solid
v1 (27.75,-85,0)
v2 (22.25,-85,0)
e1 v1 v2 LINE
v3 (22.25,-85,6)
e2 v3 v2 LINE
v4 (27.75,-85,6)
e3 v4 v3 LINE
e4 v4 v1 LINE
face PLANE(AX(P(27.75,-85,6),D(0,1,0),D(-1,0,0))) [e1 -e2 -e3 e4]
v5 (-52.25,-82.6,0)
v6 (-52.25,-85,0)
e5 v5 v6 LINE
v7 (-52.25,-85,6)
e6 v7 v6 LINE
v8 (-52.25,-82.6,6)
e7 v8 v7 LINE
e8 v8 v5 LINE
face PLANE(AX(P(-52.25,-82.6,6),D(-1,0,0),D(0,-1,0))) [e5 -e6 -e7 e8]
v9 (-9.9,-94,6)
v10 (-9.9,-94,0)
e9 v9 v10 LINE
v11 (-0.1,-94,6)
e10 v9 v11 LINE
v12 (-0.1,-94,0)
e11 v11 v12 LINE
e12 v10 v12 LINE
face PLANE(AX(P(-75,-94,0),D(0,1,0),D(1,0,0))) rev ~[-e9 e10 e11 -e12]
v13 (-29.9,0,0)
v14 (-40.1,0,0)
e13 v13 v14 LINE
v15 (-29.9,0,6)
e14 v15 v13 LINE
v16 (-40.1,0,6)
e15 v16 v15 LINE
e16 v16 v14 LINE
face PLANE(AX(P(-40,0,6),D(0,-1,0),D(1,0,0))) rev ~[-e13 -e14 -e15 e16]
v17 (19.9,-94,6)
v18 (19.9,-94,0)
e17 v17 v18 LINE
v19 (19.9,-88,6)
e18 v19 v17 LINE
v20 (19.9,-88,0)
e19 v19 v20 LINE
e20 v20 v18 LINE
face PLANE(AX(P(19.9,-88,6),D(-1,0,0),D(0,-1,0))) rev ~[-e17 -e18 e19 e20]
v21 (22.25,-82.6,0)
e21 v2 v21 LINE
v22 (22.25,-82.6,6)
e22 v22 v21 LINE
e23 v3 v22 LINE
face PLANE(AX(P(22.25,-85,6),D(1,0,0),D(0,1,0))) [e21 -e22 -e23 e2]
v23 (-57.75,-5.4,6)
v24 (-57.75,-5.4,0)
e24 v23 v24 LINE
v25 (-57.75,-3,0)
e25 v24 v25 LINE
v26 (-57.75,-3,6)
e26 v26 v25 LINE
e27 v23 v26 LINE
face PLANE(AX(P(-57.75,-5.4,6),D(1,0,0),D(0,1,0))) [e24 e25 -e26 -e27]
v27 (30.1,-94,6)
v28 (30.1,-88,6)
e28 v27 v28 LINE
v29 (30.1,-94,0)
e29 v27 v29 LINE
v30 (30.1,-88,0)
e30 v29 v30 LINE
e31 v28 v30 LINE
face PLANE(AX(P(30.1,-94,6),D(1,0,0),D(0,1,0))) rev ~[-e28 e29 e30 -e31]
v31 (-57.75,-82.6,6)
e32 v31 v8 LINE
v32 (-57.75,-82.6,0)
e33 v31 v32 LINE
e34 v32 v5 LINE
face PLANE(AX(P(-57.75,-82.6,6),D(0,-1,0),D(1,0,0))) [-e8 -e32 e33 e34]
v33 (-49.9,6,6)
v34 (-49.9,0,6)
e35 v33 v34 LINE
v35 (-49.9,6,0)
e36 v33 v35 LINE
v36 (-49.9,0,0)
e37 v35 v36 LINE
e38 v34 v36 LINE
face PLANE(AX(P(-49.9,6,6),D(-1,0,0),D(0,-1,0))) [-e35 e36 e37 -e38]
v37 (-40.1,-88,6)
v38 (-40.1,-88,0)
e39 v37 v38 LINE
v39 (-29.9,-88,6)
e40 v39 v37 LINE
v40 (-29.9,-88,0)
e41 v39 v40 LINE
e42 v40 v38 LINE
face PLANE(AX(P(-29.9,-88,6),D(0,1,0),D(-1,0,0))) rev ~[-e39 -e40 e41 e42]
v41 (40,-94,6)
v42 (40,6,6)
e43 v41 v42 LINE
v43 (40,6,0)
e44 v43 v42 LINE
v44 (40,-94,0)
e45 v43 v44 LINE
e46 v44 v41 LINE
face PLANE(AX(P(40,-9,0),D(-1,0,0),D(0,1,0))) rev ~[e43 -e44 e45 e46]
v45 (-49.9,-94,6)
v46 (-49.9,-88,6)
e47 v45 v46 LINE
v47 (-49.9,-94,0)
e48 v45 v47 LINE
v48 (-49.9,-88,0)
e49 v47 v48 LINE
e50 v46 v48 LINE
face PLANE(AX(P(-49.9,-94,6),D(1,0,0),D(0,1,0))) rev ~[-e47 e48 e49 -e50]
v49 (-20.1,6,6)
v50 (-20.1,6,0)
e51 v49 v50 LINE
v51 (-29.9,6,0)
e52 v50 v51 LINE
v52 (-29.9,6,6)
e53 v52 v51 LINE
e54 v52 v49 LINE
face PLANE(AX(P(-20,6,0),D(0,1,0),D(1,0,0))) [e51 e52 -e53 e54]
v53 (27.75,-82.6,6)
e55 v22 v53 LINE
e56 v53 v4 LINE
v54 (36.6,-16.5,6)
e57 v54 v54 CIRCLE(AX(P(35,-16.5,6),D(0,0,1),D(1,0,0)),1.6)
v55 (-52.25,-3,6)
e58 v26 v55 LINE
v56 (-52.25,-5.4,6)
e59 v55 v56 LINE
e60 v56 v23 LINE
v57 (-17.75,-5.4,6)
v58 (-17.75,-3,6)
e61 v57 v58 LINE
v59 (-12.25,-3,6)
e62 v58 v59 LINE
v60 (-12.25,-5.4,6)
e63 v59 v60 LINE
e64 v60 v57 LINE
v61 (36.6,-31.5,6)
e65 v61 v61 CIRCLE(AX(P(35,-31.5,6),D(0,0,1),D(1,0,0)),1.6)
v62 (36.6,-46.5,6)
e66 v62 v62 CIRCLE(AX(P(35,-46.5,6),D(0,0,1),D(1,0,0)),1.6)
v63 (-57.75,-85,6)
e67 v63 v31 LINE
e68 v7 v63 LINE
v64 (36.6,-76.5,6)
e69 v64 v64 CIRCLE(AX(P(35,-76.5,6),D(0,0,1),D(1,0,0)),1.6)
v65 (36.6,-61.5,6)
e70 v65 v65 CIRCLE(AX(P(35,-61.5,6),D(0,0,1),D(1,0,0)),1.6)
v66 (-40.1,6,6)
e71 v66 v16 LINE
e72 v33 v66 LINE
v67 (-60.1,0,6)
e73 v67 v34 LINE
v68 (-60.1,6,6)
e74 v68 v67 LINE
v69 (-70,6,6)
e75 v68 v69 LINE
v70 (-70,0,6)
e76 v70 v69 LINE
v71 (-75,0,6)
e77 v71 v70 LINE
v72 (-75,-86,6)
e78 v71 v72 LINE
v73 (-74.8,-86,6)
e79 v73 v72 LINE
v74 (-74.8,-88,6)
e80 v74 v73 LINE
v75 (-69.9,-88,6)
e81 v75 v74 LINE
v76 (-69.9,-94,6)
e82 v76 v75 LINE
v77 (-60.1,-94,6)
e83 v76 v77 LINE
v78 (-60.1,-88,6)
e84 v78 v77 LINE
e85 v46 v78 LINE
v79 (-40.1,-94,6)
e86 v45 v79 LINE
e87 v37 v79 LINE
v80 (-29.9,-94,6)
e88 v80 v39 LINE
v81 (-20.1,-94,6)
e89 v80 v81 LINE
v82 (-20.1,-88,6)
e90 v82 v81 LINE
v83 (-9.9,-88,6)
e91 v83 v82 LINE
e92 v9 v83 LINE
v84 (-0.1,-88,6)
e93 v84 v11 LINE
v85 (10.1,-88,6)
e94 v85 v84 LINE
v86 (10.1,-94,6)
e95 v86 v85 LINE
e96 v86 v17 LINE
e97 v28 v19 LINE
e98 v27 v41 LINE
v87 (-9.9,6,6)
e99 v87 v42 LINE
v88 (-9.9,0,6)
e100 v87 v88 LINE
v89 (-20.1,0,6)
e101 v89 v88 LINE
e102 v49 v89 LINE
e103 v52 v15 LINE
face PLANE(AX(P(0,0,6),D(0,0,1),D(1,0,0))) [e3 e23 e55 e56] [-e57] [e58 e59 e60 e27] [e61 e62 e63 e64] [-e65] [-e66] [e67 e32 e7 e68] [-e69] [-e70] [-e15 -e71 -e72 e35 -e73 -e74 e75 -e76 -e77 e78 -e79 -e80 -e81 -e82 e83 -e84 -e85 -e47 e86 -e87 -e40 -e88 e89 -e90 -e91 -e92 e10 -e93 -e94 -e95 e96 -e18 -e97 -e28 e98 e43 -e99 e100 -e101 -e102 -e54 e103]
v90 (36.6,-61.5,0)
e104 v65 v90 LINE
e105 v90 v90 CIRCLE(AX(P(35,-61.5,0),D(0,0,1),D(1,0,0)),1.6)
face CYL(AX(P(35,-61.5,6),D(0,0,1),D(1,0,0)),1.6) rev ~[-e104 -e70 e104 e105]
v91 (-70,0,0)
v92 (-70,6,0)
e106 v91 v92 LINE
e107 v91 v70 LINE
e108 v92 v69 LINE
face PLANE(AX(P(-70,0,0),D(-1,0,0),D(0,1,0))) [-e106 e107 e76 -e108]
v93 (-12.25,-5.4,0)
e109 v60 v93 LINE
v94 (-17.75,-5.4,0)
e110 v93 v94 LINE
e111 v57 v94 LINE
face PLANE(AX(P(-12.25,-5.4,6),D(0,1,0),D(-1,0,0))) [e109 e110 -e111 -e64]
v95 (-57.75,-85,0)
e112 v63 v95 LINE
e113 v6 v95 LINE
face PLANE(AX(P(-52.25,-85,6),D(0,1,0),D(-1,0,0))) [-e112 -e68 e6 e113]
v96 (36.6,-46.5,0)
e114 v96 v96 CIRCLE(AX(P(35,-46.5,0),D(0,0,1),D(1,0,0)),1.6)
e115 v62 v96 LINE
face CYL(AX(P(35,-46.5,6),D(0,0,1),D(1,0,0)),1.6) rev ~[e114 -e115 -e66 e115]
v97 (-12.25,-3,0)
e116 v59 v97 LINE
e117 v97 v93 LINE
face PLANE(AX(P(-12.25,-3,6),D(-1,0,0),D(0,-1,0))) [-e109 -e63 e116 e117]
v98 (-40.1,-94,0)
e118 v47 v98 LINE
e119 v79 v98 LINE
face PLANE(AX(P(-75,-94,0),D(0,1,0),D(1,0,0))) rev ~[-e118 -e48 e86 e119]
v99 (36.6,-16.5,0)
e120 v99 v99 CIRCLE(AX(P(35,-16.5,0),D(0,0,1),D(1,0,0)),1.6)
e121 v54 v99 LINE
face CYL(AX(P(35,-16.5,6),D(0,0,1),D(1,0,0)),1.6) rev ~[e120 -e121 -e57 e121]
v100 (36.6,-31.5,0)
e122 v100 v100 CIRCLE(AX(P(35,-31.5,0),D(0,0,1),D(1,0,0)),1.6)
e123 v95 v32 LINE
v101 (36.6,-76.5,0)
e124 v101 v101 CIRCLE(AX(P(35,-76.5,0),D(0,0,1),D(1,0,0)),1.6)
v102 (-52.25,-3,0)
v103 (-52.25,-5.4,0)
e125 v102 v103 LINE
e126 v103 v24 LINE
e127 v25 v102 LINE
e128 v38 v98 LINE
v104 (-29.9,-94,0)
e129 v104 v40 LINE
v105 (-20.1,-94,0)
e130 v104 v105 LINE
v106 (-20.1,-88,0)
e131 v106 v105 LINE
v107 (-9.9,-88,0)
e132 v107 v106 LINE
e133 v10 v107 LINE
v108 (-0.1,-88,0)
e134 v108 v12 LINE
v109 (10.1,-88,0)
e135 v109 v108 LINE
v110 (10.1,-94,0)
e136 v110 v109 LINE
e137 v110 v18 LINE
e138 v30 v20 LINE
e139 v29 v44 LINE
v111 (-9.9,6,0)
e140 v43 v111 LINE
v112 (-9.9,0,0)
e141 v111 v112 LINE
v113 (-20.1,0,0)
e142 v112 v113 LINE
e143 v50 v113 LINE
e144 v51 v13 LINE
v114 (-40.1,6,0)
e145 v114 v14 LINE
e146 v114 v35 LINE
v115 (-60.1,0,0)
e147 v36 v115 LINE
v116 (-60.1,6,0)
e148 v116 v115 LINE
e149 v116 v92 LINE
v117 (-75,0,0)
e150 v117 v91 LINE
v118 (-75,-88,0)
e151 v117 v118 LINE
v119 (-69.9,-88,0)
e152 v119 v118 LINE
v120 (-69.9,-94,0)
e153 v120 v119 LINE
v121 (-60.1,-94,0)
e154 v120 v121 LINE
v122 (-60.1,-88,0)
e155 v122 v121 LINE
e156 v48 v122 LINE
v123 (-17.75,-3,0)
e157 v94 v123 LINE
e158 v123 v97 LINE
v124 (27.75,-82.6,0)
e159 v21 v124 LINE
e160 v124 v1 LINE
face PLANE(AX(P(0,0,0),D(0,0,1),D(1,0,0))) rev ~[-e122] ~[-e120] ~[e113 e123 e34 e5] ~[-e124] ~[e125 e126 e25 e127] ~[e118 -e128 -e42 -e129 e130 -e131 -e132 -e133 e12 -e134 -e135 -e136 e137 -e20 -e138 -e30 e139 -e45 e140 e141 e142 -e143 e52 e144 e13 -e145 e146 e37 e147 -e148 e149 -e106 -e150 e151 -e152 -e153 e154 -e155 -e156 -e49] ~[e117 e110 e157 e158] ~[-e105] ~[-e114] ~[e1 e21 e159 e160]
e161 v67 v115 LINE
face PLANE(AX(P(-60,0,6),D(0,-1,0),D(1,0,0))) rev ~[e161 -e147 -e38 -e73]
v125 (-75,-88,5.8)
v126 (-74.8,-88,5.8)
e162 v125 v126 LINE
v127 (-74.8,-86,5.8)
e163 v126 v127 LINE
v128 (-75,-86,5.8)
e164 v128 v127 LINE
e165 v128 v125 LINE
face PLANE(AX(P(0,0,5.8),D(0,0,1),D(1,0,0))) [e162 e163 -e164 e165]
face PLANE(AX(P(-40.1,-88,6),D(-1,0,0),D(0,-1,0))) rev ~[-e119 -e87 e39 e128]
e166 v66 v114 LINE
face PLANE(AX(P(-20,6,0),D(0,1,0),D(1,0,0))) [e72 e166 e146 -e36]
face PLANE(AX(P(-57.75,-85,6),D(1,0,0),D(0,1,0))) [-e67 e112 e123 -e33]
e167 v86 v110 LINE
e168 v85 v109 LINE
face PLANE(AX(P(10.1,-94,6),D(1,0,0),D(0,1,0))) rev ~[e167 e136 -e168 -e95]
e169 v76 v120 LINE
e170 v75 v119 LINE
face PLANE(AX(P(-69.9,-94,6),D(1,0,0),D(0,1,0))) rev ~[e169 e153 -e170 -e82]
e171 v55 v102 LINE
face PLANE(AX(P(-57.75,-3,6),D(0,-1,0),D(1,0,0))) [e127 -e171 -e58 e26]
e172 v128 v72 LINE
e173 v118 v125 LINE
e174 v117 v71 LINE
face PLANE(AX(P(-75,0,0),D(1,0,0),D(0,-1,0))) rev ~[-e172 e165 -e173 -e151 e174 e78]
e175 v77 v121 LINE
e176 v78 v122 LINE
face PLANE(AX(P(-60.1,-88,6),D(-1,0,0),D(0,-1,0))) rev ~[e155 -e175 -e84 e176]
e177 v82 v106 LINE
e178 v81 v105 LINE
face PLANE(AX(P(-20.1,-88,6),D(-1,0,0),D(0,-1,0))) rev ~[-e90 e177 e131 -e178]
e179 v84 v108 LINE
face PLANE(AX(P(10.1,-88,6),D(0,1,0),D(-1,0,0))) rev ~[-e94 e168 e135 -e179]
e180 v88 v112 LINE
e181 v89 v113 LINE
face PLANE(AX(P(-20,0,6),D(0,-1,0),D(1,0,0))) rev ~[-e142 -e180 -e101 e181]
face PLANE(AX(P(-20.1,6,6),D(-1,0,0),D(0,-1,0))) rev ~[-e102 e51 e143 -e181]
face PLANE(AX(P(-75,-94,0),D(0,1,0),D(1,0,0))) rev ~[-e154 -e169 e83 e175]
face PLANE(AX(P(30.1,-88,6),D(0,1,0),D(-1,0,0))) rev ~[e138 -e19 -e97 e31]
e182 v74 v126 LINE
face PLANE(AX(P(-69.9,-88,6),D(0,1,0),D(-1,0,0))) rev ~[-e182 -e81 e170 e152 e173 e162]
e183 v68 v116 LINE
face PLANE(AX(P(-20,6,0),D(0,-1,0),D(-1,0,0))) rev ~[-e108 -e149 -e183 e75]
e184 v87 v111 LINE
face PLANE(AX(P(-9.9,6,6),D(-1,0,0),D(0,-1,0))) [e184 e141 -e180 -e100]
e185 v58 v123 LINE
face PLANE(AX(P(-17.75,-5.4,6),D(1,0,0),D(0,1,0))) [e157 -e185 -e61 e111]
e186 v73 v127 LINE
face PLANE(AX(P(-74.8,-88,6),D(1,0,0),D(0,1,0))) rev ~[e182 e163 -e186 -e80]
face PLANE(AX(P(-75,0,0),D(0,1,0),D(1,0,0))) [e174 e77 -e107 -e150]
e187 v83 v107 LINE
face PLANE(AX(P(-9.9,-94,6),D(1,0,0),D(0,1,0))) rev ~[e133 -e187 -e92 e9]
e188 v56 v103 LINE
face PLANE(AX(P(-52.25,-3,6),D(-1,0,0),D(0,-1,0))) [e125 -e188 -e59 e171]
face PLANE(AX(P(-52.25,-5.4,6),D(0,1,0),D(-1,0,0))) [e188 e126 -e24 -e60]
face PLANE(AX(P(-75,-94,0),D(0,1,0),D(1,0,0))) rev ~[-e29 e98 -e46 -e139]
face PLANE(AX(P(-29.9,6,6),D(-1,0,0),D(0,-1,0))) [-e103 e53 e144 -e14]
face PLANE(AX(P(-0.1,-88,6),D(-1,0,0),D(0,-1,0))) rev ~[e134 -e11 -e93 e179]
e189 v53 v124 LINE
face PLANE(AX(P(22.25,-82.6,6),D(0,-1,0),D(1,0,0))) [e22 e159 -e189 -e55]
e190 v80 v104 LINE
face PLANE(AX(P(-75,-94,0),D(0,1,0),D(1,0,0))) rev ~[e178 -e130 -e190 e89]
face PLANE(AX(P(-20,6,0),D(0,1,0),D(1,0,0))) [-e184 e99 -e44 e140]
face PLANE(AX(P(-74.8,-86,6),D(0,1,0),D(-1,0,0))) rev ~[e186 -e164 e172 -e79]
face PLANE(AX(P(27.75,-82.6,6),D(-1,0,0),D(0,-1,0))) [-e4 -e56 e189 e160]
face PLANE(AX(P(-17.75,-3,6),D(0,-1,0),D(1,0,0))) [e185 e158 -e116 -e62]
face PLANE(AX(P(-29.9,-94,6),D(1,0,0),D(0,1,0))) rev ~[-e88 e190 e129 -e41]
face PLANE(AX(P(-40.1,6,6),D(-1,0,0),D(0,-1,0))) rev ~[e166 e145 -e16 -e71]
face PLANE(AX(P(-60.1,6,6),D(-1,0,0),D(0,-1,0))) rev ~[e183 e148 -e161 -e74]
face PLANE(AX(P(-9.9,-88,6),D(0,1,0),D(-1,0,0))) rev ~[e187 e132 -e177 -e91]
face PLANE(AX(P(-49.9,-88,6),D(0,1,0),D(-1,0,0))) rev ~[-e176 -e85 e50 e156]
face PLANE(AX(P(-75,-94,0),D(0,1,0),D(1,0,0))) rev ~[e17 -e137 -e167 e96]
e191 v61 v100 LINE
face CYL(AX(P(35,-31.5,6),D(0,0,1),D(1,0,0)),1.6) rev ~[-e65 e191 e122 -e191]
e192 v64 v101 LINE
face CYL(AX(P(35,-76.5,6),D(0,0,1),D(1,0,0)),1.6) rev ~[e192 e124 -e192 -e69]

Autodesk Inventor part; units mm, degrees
ref_plane "YZ Plane" through (0, 0, 0) normal (1, 0, 0) x (0, 1, 0)
ref_plane "XZ Plane" through (0, 0, 0) normal (0, 1, 0) x (-1, 0, 0)
ref_plane "XY Plane" through (0, 0, 0) normal (0, 0, 1) x (1, 0, 0)
sketch "Sketch1" plane through (0, 0, 0) normal (0, 0, 1) x (1, 0, 0)
  line L0 (-20, 6) -> (-10, 6) projected
  line L1 (-70, 0) -> (-70, 6) projected
  line L2 (-75, 6) -> (-70, 6) projected
  line L3 (-75, 0) -> (-75, 6) projected
  line L4 (-75, 0) -> (-70, 0) projected
  line L5 (40, -67) -> (40, -9) projected
  line L6 (40, 6) -> (-75, 6)
  line L7 (-75, 6) -> (-75, -94)
  line L8 (-75, -94) -> (40, -94)
  line L9 (40, -94) -> (40, 6)
  dimension "d85" = 115
  dimension "d86" = 100
extrude "Extrusion1" add sketch "Sketch1" along normal blind 6 contours L0 L6 L9 L5 L8 L7 L4 L1
ref_plane "Work Plane1" through (-75, -44, 0) normal (0, -1, 0) x (1, 0, 0)
sketch "Sketch2" plane through (0, 0, 6) normal (0, 0, 1) x (1, 0, 0)
  line L0 (-60, 6) -> (-60, 0) projected
  line L1 (-60, 0) -> (-50, 0) projected
  line L2 (-50, 0) -> (-50, 6) projected
  line L3 (-40, 0) -> (-30, 0) projected
  line L4 (-30, 0) -> (-30, 6) projected
  line L5 (-40, 6) -> (-40, 0) projected
  line L6 (-20, 0) -> (-10, 0) projected
  line L7 (-20, 6) -> (-20, 0) projected
  line L8 (-10, 0) -> (-10, 6) projected
  line L9 (40, 6) -> (-70, 6) projected
  line L10 (-50, 6) -> (-49.9, 6)
  line L11 (-49.9, 6) -> (-49.9, 0)
  line L12 (-49.9, 0) -> (-50, 0)
  line L13 (-50, 0) -> (-50, 6)
  line L14 (-60, 6) -> (-60.1, 6)
  line L15 (-60.1, 6) -> (-60.1, 0)
  line L16 (-60.1, 0) -> (-60, 0)
  line L17 (-60, 0) -> (-60, 6)
  point P0 (0, 0)
  dimension "d5" = 0.1
  dimension "d6" = 6
  dimension "d7" = 0.1
  dimension "d8" = 6
extrude "Extrusion2" cut sketch "Sketch2" against normal blind 6 contours L9 L2 L1 L0 | L0 L16 L15 L9 | L9 L11 L12 L2
pattern_linear "Rectangular Pattern1" count 3 spacing 20 along (1, 0, 0) of "Extrusion2"
sketch "Sketch3" plane through (0, 0, 6) normal (0, 0, 1) x (1, 0, 0)
  circle A0 centre (35, -76.5) radius 1.6
  line L0 (-90, -94) -> (40, -94) projected
  line L1 (40, -94) -> (40, 6) projected
  circle A1 centre (35, -61.5) radius 1.6
  circle A2 centre (35, -46.5) radius 1.6
  circle A3 centre (35, -31.5) radius 1.6
  circle A4 centre (35, -16.5) radius 1.6
  point P0 (0, 0)
  point P1 (35, -59)
  point P2 (35, -39)
  point P3 (35, -29)
  point P4 (35, -49)
  point P5 (35, -19)
  dimension "d73" = 3.2
  dimension "d74" = 17.5
  dimension "d75" = 5
  dimension "d78" = 15
sketch "Sketch4" plane through (0, 0, 6) normal (0, 0, 1) x (1, 0, 0)
  line L0 (-60.1, 0) -> (-60.1, 6) projected
  line L1 (-60, 0) -> (-50, 0) projected
  line L2 (-49.9, 6) -> (-49.9, 0) projected
  line L3 (-49.9, 0) -> (-60.1, 0) projected
  line L4 (66, -44) -> (-116, -44) projected
  line L5 (-60.1, -88) -> (-60.1, -94)
  line L6 (-49.9, -94) -> (-49.9, -88)
  line L7 (-49.9, -88) -> (-60.1, -88)
  line L8 (-90, -94) -> (40, -94) projected
  line L9 (-69.9, -94) -> (-69.9, -88)
  line L10 (-69.9, -88) -> (-80.1, -88)
  line L11 (-80.1, -88) -> (-80.1, -94)
  line L12 (-29.9, -94) -> (-29.9, -88)
  line L13 (-29.9, -88) -> (-40.1, -88)
  line L14 (-40.1, -88) -> (-40.1, -94)
  line L15 (-49.9, -94) -> (-49.9, -88)
  line L16 (-49.9, -88) -> (-60.1, -88)
  line L17 (-60.1, -88) -> (-60.1, -94)
  line L18 (-9.9, -94) -> (-9.9, -88)
  line L19 (-9.9, -88) -> (-20.1, -88)
  line L20 (-20.1, -88) -> (-20.1, -94)
  line L21 (-29.9, -94) -> (-29.9, -88)
  line L22 (-29.9, -88) -> (-40.1, -88)
  line L23 (-40.1, -88) -> (-40.1, -94)
  line L24 (10.1, -94) -> (10.1, -88)
  line L25 (10.1, -88) -> (-0.1, -88)
  line L26 (-0.1, -88) -> (-0.1, -94)
  line L27 (-9.9, -94) -> (-9.9, -88)
  line L28 (-9.9, -88) -> (-20.1, -88)
  line L29 (-20.1, -88) -> (-20.1, -94)
  line L30 (30.1, -94) -> (30.1, -88)
  line L31 (30.1, -88) -> (19.9, -88)
  line L32 (19.9, -88) -> (19.9, -94)
  line L33 (10.1, -94) -> (10.1, -88)
  line L34 (10.1, -88) -> (-0.1, -88)
  line L35 (-0.1, -88) -> (-0.1, -94)
  point P0 (0, 0)
  point P1 (19.9, -94)
  point P2 (30.1, -94)
  point P3 (-0.1, -94)
  point P4 (10.1, -94)
  point P5 (-20.1, -94)
  point P6 (-9.9, -94)
  point P7 (-40.1, -94)
  point P8 (-29.9, -94)
  point P9 (-80.1, -94)
  point P10 (-69.9, -94)
  dimension "d16" = 20
  dimension "d19" = 20
extrude "Extrusion4" cut sketch "Sketch4" against normal blind 6
sketch "Sketch6" plane through (0, 0, 6) normal (0, 0, 1) x (1, 0, 0)
  line L0 (-69.9, -88) -> (-75, -88) projected
  line L1 (-75, -88) -> (-74.8, -88)
  line L2 (-74.8, -88) -> (-74.8, -86)
  line L3 (-74.8, -86) -> (-75, -86)
  line L4 (-75, -86) -> (-75, -88)
  line L5 (-75, -88) -> (-75.2, -88)
  line L6 (-75.2, -88) -> (-75.2, -86)
  line L7 (-75.2, -86) -> (-75, -86)
  line L8 (-75, -86) -> (-75, -88)
  point P0 (0, 0)
  point P1 (-80.1, -88)
  dimension "d40" = 0.2
  dimension "d41" = 2
  dimension "d42" = 0.2
  dimension "d43" = 2
extrude "Extrusion6" cut sketch "Sketch6" against normal blind 0.2
sketch "Sketch7" plane through (0, 0, 6) normal (0, 0, 1) x (1, 0, 0)
  line L0 (27.75, -85) -> (22.25, -85)
  line L1 (22.25, -85) -> (22.25, -82.6)
  line L2 (22.25, -82.6) -> (27.75, -82.6)
  line L3 (27.75, -82.6) -> (27.75, -85)
  line L4 (10.1, -94) -> (19.9, -94) projected
  line L5 (30.1, -88) -> (30.1, -94) projected
  line L6 (-57.75, -82.6) -> (-52.25, -82.6)
  line L7 (-52.25, -82.6) -> (-52.25, -85)
  line L8 (-52.25, -85) -> (-57.75, -85)
  line L9 (-57.75, -85) -> (-57.75, -82.6)
  line L10 (-12.25, -5.4) -> (-17.75, -5.4)
  line L11 (-17.75, -5.4) -> (-17.75, -3)
  line L12 (-17.75, -3) -> (-12.25, -3)
  line L13 (-12.25, -3) -> (-12.25, -5.4)
  line L14 (-20.1, 6) -> (-29.9, 6) projected
  line L15 (-9.9, 6) -> (-9.9, 0) projected
  line L16 (-52.25, -5.4) -> (-57.75, -5.4)
  line L17 (-57.75, -3) -> (-52.25, -3)
  line L18 (-52.25, -3) -> (-52.25, -5.4)
  line L19 (-57.75, -5.4) -> (-57.75, -3)
  point P0 (0, 0)
  dimension "d4" = 0
  dimension "d49" = 5.5
  dimension "d50" = 2.4
  dimension "d51" = 9
  dimension "d52" = 2.35
  dimension "d55" = 80
  dimension "d60" = 5.5
  dimension "d61" = 2.4
  dimension "d62" = 9
  dimension "d63" = 2.35
  dimension "d66" = 40
extrude "Extrusion7" cut sketch "Sketch7" against normal blind 6
extrude "Extrusion8" cut sketch "Sketch3" against normal through all
properties part number "00_Baseplate_Simmo_side2_v2"
